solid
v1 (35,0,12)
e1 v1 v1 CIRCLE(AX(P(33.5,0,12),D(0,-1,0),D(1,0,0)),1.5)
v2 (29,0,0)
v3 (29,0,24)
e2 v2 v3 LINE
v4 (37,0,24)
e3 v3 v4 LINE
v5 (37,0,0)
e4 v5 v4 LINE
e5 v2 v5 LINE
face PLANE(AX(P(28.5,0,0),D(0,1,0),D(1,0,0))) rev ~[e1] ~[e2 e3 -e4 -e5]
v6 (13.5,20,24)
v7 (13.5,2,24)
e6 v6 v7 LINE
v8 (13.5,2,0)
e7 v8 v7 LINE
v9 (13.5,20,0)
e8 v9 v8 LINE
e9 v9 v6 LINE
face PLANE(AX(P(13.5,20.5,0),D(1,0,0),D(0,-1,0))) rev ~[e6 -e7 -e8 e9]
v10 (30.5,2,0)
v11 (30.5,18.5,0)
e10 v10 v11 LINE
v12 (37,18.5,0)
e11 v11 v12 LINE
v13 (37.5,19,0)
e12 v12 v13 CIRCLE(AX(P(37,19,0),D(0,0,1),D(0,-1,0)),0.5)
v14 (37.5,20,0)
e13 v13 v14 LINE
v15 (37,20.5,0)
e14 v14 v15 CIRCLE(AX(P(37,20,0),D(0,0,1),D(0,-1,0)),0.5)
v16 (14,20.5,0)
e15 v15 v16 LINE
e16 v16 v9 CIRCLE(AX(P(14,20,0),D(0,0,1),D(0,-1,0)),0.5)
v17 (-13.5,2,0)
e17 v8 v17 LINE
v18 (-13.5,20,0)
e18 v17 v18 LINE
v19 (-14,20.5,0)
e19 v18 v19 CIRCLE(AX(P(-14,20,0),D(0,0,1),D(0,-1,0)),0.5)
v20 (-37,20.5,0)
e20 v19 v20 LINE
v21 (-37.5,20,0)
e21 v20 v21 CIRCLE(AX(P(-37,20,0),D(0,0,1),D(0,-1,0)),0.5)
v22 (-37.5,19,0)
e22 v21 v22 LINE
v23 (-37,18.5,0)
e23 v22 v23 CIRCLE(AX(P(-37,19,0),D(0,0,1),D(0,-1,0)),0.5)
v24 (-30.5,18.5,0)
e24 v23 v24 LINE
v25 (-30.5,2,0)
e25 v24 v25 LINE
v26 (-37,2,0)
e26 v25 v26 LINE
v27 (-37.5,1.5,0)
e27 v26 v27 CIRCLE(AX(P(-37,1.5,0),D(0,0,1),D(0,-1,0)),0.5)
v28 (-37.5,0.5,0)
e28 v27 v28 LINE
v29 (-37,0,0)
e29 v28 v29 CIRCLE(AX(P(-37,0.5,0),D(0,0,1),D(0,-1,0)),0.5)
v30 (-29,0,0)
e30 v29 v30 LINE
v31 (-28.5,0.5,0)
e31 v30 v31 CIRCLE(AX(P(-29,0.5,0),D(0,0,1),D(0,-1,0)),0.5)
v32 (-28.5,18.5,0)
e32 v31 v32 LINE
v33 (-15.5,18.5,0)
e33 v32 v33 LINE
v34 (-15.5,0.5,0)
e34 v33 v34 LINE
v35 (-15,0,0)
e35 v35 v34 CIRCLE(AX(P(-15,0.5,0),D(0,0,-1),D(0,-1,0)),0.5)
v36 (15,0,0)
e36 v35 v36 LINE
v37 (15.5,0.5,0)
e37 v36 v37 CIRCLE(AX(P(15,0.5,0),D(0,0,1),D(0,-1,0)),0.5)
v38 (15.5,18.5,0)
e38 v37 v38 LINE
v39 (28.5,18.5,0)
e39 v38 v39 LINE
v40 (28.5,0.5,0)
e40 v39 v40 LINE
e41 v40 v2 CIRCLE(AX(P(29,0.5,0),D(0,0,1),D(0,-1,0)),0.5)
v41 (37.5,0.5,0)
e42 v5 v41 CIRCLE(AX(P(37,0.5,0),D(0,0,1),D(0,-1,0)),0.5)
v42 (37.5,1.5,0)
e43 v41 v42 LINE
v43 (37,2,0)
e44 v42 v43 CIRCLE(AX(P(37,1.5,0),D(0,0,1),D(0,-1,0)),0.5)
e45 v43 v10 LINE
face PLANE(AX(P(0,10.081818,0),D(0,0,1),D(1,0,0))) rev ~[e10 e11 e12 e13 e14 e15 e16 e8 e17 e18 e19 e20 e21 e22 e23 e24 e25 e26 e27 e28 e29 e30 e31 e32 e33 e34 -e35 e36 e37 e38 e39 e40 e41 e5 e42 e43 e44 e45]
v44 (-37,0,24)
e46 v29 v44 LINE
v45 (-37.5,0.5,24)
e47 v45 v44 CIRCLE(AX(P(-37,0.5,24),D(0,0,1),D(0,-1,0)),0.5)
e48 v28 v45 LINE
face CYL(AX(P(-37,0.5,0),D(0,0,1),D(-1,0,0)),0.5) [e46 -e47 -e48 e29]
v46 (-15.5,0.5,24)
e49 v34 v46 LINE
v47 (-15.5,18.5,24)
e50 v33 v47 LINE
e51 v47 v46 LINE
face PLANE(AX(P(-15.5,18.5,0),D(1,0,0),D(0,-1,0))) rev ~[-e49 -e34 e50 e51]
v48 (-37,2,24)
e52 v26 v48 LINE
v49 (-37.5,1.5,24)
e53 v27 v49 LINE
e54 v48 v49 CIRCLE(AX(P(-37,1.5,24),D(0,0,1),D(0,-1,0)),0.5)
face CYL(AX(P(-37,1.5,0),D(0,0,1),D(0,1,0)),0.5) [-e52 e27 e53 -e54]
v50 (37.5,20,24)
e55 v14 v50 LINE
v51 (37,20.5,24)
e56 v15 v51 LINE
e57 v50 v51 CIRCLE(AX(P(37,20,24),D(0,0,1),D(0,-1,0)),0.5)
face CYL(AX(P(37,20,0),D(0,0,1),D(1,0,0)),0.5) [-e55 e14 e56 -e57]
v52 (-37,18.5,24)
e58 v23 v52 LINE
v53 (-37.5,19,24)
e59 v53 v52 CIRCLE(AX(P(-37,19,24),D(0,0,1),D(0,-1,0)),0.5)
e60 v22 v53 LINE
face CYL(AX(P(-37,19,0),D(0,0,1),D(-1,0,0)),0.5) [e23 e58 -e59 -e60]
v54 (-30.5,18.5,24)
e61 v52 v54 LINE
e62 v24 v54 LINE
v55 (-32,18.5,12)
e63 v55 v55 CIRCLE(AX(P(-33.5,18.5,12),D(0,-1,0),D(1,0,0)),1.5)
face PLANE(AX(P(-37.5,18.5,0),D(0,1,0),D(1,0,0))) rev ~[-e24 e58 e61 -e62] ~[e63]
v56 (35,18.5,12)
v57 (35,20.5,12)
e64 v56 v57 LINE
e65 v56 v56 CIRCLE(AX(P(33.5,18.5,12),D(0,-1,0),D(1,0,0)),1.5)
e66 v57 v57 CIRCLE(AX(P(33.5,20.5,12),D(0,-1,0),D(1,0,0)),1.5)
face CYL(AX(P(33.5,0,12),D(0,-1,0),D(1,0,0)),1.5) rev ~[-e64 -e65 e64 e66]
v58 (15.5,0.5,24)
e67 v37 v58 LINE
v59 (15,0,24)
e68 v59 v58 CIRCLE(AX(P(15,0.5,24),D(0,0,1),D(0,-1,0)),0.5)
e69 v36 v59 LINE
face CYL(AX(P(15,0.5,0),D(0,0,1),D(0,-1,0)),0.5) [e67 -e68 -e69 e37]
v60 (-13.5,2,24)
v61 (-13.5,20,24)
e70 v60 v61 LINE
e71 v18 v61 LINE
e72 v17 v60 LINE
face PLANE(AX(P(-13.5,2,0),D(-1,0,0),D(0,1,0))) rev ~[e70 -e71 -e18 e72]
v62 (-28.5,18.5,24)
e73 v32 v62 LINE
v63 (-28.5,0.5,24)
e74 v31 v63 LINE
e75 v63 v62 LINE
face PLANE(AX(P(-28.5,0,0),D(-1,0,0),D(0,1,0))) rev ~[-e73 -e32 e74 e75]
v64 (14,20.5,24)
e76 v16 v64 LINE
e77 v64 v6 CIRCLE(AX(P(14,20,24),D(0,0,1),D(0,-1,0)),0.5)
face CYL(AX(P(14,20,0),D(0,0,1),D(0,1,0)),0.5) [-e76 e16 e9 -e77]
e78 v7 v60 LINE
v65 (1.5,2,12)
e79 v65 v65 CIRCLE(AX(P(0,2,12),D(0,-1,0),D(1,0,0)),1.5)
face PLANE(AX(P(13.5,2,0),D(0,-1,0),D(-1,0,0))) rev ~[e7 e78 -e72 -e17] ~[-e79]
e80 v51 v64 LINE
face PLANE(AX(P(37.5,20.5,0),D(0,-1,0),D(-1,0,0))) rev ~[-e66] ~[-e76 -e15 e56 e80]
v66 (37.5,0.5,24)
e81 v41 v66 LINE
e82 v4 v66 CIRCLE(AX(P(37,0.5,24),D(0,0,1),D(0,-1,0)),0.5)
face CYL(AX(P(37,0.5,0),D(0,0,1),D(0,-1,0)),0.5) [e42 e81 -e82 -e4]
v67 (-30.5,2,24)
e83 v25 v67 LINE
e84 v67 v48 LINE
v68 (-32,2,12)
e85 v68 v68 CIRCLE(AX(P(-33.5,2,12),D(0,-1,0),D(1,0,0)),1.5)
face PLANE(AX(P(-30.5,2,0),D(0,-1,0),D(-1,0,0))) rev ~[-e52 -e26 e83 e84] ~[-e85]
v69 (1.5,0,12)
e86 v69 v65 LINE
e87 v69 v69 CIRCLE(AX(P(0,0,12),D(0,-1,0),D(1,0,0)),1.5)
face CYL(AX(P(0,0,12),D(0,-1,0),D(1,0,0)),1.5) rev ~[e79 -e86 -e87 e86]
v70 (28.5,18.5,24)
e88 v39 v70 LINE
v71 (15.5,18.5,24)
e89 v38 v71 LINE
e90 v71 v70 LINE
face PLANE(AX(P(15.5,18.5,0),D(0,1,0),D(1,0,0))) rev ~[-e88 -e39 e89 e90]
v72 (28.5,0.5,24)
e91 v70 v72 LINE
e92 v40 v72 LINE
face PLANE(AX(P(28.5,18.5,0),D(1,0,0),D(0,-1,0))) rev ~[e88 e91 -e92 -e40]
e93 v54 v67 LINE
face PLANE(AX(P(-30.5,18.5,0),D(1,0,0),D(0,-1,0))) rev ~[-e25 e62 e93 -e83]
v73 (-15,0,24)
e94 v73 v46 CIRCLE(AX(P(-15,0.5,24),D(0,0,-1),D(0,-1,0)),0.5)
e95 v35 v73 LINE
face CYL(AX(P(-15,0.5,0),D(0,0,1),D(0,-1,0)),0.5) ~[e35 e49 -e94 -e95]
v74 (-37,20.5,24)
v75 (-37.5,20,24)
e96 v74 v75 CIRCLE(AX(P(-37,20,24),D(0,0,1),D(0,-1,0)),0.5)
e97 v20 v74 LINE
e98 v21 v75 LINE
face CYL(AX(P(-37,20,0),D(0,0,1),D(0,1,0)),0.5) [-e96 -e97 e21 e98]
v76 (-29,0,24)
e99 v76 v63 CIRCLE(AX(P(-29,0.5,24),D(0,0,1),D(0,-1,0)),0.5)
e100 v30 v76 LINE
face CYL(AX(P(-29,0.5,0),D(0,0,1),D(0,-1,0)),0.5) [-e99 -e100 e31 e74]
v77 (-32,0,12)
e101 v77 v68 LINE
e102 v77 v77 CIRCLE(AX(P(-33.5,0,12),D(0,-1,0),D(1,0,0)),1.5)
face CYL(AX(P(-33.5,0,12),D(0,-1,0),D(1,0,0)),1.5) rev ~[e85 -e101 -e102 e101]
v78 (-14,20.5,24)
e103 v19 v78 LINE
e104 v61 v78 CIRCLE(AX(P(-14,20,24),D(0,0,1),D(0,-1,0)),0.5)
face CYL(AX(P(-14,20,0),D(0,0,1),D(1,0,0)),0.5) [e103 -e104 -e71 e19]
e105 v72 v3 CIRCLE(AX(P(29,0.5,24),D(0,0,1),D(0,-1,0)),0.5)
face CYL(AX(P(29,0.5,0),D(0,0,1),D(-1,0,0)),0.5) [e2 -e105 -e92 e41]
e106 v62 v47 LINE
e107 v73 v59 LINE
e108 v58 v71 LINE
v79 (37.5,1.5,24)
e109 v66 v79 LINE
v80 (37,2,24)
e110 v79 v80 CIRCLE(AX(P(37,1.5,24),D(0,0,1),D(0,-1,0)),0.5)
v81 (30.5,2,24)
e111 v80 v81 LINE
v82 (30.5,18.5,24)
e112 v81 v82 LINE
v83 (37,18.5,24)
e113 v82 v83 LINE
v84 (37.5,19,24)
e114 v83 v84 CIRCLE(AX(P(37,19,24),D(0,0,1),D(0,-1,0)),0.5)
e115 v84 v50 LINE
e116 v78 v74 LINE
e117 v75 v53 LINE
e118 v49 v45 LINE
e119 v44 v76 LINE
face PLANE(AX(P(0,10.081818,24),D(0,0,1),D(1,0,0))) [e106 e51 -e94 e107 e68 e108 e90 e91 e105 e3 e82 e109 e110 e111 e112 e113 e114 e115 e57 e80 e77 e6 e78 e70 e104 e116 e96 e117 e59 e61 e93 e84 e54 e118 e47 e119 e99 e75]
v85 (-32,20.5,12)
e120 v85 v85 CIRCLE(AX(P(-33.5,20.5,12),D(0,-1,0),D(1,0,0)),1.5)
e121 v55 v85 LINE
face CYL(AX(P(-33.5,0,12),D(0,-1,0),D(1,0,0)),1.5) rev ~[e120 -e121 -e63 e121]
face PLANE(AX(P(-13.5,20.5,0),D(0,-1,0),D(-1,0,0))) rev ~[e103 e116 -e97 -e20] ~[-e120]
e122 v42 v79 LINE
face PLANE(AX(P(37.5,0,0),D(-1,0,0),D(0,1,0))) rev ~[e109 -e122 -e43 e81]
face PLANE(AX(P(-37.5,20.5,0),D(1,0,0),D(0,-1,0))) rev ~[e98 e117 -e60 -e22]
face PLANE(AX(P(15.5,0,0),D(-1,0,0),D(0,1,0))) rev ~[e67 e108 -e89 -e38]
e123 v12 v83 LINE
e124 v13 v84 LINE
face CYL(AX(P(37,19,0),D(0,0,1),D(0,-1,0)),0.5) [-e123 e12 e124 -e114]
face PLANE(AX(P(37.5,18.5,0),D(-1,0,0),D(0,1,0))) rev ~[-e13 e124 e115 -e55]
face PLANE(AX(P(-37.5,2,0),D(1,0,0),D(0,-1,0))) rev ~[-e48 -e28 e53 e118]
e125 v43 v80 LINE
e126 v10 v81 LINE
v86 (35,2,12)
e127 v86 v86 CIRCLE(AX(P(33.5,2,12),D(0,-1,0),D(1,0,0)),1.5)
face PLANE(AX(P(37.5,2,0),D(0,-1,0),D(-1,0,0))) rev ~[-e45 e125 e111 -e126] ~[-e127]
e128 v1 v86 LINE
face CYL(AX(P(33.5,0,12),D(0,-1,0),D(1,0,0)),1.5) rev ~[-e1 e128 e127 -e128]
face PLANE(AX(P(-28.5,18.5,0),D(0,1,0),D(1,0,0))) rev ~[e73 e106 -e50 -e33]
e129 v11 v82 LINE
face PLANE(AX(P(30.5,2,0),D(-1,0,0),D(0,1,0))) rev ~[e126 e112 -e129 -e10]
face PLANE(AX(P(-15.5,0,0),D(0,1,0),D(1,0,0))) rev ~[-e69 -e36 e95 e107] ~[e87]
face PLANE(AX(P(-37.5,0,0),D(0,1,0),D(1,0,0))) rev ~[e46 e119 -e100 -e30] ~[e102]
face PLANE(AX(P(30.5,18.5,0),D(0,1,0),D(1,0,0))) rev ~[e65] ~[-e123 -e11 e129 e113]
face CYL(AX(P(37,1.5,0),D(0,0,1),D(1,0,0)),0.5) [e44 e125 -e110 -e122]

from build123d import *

# Parameters (mm, degrees)
F1_DEPTH = 24
F2_R     = 1.5
F3_DEPTH = 25
F4_R     = 0.5


with BuildPart() as f1:
    # F0 (on Top) → F1 (new body)
    with BuildSketch(Plane.XY):
        Polygon((-15.5, 0), (0, 0), (15.5, 0), (15.5, 18.5), (28.5, 18.5), (28.5, 0), (37.5, 0), (37.5, 2), (30.5, 2), (30.5, 18.5), (37.5, 18.5), (37.5, 20.5), (13.5, 20.5), (13.5, 2), (0, 2), (-13.5, 2), (-13.5, 20.5), (-37.5, 20.5), (-37.5, 18.5), (-30.5, 18.5), (-30.5, 2), (-37.5, 2), (-37.5, 0), (-28.5, 0), (-28.5, 18.5), (-15.5, 18.5), align=None)
    extrude(amount=F1_DEPTH)

    # F2 (on face) → F3 (cut)
    with BuildSketch(Plane.XZ):
        with Locations((-33.5, 12)):
            Circle(F2_R)
        with Locations((0, 12)):
            Circle(F2_R)
        with Locations((33.5, 12)):
            Circle(F2_R)
    extrude(amount=-F3_DEPTH, mode=Mode.SUBTRACT)

    # F4
    f4_edges = [f1.edges().sort_by_distance(p)[0] for p in [
        (-13.5, 20.5, 12),
        (13.5, 20.5, 12),
        (15.5, 0, 12),
        (-28.5, 0, 12),
        (-15.5, 0, 12),
        (28.5, 0, 12),
        (37.5, 20.5, 12),
        (37.5, 18.5, 12),
        (37.5, 2, 12),
        (37.5, 0, 12),
        (-37.5, 20.5, 12),
        (-37.5, 18.5, 12),
        (-37.5, 2, 12),
        (-37.5, 0, 12),
    ]]
    fillet(f4_edges, radius=F4_R)


solid = f1.part
